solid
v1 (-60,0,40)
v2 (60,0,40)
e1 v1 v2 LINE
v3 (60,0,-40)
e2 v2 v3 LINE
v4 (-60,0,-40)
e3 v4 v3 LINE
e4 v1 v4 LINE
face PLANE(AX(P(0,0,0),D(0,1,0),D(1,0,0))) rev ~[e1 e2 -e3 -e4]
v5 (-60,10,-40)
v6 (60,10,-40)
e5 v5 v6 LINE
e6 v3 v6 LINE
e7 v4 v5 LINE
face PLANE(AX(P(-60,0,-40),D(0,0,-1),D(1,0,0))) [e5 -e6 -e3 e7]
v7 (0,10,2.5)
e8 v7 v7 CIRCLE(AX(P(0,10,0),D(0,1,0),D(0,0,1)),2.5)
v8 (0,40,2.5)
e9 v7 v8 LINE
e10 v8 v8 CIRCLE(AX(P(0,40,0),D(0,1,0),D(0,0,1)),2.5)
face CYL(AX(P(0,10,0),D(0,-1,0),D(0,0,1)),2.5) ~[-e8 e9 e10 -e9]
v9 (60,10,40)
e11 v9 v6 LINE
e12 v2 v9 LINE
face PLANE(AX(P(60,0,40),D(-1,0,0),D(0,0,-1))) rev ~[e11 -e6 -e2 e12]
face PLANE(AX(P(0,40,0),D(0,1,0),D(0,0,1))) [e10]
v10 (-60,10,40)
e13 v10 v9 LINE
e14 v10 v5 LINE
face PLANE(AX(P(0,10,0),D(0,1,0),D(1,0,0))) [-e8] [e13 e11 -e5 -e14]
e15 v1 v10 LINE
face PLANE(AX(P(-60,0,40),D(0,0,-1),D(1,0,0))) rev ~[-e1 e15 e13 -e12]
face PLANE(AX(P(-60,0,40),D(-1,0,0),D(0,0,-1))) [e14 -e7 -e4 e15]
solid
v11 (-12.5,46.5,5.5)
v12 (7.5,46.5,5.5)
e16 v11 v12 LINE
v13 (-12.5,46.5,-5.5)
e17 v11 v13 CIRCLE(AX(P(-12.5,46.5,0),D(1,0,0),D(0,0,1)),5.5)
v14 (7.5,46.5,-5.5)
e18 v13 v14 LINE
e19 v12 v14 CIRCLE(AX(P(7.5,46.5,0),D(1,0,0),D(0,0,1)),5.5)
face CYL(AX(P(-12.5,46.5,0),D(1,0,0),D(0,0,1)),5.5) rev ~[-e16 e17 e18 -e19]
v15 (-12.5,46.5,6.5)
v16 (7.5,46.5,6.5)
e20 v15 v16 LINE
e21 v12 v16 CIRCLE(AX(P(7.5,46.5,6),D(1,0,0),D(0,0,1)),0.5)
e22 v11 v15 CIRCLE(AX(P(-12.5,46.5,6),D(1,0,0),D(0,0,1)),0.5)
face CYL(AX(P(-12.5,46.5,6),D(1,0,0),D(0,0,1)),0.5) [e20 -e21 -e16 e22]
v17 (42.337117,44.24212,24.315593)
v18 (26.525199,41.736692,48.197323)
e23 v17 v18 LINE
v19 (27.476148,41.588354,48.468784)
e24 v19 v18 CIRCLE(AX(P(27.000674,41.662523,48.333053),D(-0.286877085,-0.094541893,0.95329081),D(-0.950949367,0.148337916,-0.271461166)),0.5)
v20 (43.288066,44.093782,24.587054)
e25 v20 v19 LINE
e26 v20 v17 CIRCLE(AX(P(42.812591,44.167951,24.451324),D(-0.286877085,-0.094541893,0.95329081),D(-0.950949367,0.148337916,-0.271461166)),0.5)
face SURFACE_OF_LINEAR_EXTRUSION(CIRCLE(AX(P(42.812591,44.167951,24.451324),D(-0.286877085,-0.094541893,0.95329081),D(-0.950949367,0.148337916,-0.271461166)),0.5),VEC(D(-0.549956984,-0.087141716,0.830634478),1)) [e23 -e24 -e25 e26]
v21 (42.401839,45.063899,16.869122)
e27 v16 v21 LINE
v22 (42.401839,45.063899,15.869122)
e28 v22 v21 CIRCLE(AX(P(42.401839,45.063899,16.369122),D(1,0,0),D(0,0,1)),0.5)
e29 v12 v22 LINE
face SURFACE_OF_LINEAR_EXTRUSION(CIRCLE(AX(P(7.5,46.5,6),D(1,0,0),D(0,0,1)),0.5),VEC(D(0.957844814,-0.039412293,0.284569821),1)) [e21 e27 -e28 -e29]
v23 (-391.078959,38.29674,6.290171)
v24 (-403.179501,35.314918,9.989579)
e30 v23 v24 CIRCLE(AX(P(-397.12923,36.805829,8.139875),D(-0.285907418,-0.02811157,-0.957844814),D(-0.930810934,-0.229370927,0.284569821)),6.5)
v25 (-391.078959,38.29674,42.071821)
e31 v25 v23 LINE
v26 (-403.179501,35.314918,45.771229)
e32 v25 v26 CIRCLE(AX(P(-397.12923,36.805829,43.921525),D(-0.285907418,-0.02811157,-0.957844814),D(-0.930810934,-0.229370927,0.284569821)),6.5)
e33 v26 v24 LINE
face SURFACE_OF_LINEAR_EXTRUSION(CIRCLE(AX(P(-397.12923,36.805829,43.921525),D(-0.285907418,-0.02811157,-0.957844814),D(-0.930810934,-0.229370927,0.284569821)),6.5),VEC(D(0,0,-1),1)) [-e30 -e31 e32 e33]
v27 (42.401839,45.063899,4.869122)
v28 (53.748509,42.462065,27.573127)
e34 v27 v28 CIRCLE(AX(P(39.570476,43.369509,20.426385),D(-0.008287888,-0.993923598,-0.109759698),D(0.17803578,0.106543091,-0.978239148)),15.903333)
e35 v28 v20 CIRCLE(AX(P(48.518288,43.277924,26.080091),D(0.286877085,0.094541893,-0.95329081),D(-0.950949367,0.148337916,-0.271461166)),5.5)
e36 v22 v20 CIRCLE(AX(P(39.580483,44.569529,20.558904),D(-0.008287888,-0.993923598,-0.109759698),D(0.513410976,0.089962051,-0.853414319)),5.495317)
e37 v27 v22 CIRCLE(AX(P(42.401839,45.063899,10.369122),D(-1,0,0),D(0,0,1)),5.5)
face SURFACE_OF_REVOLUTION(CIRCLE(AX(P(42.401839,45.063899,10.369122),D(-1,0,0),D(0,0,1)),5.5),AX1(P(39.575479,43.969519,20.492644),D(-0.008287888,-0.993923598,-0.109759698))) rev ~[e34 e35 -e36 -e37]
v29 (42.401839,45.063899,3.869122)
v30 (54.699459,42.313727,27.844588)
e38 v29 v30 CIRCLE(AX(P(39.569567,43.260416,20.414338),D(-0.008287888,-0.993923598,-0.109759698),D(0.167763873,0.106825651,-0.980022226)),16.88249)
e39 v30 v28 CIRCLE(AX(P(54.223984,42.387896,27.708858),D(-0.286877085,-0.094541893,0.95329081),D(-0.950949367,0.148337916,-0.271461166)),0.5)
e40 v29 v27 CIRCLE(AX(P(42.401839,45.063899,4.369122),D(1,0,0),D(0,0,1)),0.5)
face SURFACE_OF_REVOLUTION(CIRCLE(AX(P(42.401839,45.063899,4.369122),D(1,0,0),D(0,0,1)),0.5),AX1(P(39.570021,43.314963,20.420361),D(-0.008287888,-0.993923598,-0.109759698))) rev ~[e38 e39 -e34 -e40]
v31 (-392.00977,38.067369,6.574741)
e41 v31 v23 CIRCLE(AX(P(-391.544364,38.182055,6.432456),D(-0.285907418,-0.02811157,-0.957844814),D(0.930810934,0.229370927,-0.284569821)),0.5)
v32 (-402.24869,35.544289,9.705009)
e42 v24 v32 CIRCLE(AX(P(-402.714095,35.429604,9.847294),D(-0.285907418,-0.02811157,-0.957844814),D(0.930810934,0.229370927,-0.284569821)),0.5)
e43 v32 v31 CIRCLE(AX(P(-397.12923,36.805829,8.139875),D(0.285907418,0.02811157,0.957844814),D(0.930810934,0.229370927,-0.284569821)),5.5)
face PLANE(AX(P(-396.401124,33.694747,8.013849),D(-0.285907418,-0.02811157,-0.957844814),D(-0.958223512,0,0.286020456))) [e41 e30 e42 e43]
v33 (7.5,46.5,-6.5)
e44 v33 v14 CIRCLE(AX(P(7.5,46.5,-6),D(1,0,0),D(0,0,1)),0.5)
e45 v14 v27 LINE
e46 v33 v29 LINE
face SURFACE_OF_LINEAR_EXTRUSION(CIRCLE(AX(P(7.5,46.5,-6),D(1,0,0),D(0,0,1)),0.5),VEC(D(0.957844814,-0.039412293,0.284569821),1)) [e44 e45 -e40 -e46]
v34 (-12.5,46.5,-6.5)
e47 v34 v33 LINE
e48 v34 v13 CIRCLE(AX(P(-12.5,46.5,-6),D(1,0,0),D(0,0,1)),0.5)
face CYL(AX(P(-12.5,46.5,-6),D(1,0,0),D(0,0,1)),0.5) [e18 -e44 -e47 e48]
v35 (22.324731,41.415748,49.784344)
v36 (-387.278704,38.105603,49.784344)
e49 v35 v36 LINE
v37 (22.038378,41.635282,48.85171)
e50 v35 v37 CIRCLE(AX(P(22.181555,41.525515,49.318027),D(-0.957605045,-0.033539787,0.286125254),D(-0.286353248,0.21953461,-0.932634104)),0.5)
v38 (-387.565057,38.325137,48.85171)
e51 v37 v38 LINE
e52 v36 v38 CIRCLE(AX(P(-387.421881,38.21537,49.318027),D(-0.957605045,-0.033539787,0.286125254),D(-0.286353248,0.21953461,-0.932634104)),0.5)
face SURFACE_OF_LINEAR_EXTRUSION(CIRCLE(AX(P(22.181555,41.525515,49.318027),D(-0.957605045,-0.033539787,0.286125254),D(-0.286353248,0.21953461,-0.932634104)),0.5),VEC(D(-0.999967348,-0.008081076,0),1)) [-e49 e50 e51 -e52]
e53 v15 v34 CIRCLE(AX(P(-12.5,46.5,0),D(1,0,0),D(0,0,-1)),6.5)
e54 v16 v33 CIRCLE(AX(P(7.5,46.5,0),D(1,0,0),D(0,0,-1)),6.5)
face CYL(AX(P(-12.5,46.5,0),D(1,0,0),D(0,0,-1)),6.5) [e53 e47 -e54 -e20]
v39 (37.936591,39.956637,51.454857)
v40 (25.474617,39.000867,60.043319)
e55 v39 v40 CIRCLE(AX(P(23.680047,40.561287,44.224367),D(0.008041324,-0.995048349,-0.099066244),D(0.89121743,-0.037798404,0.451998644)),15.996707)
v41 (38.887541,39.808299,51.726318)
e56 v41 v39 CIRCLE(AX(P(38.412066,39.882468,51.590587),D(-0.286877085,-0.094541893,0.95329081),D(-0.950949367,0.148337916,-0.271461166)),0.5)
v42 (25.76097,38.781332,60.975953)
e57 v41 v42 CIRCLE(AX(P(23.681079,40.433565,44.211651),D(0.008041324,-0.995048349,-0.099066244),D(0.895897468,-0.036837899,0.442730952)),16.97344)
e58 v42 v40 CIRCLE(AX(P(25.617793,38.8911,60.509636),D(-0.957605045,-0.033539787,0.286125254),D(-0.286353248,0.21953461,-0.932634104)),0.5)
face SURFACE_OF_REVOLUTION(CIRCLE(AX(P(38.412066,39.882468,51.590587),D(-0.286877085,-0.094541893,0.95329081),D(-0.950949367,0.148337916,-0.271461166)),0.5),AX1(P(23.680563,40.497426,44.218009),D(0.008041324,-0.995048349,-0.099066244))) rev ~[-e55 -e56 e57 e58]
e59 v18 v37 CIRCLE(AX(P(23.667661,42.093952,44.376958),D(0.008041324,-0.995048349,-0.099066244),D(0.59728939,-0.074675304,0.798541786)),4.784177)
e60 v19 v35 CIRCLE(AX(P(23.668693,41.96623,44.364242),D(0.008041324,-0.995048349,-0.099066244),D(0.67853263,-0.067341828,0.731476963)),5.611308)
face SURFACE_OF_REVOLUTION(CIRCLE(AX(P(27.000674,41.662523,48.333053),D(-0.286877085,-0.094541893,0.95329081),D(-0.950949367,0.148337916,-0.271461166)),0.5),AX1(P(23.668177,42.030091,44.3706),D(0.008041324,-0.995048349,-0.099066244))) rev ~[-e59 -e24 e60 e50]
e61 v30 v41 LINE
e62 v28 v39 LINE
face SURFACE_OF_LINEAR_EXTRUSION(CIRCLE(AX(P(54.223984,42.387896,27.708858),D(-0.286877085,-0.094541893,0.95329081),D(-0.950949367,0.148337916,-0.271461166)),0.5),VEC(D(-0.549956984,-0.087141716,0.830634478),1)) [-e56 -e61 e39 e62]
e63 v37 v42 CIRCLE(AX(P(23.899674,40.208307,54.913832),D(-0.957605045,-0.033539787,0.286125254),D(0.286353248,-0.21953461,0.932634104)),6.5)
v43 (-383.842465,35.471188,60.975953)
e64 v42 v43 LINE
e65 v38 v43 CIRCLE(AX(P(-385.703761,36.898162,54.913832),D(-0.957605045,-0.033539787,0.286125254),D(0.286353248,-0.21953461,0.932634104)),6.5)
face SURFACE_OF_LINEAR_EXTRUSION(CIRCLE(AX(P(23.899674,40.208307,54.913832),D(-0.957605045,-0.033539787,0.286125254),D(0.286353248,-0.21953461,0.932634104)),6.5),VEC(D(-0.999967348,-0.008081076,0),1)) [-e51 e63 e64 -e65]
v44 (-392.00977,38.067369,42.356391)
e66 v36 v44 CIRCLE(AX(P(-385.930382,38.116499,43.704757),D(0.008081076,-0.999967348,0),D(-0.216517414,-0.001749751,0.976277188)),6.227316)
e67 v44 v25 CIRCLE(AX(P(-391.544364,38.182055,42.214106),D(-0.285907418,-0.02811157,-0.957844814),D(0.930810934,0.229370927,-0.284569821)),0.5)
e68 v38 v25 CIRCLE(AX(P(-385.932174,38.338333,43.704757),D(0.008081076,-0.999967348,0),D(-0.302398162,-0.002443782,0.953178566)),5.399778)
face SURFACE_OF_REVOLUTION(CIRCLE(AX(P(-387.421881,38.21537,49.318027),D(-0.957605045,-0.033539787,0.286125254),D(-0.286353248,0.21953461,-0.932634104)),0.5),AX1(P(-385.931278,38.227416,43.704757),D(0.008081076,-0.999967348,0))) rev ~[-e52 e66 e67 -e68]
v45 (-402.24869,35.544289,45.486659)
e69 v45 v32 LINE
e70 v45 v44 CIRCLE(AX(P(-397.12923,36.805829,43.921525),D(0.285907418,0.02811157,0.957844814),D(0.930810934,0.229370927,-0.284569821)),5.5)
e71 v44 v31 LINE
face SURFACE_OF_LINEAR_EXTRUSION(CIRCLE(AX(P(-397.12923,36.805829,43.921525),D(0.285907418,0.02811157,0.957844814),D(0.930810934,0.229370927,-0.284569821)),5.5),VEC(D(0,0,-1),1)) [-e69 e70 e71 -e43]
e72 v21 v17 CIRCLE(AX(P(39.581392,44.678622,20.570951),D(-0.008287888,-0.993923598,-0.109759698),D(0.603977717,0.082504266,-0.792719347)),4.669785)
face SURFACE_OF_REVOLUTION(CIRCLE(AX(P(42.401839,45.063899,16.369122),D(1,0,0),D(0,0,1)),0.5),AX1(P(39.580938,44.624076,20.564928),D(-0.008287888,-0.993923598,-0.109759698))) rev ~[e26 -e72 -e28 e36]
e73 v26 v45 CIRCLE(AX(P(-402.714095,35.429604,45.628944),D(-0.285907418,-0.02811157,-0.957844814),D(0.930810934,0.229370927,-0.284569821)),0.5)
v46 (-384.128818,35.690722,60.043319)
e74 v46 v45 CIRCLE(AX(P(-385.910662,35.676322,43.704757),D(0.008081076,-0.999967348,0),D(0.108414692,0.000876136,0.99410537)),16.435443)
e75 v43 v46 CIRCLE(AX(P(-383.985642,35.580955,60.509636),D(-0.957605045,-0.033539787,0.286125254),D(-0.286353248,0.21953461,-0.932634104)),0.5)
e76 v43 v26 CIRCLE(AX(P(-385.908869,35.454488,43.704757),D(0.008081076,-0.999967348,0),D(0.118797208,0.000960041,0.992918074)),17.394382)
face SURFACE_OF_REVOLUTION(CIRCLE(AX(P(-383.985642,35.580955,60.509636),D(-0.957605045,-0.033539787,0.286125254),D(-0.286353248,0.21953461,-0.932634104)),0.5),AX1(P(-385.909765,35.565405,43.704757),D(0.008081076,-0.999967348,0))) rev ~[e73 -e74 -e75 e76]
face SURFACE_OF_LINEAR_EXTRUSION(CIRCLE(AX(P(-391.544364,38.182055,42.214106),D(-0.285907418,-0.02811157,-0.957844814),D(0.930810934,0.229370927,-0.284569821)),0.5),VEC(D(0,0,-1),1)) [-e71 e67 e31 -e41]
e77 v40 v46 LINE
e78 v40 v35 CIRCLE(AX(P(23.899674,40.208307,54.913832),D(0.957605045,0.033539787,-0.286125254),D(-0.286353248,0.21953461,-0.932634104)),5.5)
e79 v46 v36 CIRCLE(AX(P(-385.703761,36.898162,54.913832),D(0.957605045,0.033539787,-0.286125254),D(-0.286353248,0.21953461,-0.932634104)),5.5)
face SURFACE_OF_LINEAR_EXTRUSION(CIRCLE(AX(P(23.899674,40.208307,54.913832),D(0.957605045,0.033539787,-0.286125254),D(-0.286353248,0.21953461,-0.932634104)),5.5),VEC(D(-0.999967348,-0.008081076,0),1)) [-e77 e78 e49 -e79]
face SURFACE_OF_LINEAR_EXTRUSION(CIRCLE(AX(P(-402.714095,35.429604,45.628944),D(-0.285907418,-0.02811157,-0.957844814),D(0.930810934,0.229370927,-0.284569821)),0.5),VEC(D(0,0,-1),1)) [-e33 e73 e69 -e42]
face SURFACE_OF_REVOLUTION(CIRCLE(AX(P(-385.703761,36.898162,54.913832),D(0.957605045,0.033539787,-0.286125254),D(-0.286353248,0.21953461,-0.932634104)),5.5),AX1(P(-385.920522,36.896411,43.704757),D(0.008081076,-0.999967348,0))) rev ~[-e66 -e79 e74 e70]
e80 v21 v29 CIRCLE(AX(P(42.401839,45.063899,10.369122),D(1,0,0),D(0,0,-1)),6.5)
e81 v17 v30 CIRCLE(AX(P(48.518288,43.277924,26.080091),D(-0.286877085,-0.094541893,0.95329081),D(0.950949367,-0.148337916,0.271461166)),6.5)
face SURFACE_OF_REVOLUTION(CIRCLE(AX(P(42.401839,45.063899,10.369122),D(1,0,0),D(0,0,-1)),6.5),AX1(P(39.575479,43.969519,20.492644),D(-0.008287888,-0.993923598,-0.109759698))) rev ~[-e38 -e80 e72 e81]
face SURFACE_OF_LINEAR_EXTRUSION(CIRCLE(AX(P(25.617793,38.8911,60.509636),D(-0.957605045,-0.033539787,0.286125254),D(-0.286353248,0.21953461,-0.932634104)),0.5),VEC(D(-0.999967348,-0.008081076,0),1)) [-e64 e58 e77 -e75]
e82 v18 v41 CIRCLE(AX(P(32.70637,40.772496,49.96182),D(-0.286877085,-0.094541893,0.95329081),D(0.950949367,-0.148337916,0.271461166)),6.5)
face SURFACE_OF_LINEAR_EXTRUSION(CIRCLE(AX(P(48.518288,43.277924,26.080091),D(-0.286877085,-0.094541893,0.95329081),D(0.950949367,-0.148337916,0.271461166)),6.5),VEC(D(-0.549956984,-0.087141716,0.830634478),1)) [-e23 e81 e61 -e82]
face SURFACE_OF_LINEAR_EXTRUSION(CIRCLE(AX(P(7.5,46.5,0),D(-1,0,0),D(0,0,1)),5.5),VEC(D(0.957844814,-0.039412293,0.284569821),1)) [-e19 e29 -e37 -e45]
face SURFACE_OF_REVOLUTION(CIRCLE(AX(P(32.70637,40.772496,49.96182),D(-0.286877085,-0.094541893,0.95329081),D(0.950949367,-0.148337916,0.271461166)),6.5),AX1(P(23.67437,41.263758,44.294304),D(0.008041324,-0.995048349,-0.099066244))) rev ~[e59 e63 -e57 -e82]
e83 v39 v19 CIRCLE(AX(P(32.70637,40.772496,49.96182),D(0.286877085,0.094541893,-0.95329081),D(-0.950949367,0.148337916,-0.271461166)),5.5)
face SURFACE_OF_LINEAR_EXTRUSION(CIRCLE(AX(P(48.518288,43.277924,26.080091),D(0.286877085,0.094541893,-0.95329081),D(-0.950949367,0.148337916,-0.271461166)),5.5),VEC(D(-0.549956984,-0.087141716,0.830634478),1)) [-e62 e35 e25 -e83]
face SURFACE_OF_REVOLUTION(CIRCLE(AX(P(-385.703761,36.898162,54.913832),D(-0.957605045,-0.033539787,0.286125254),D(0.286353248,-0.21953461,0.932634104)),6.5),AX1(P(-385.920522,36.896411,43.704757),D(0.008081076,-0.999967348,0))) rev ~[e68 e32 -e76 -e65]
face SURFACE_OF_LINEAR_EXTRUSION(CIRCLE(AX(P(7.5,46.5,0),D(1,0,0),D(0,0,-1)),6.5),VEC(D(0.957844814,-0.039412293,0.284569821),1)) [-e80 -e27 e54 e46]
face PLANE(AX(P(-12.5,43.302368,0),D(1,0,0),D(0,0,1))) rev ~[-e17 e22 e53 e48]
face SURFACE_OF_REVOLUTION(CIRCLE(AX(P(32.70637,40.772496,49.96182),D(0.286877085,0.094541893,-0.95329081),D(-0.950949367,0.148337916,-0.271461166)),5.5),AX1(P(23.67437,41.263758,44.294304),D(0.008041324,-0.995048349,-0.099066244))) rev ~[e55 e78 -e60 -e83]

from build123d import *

# Parameters (mm, degrees)
SKETCH_1_W      = 120
SKETCH_1_H      = 80
EXTRUDE_1_DEPTH = 10
SKETCH_2_R      = 2.5
EXTRUDE_2_DEPTH = 30


with BuildPart() as part:
    # 草圖1 → 填料-伸長1 (new body)
    with BuildSketch(Plane(origin=(0, 0, 0), x_dir=(1, 0, 0), z_dir=(0, 1, 0))):
        Rectangle(SKETCH_1_W, SKETCH_1_H)
    extrude(amount=EXTRUDE_1_DEPTH)

    # 草圖2 → 填料-伸長2 (add)
    with BuildSketch(Plane(origin=(0, 10, 0), x_dir=(1, 0, 0), z_dir=(0, 1, 0))):
        with Locations(Location((0, 0, 0), (0, 0, 270))):
            Circle(SKETCH_2_R)
    extrude(amount=EXTRUDE_2_DEPTH)


with BuildPart() as body_2:
    # 掃出1: sweep along a path in 草圖3
    with BuildLine(Plane.XY) as sweep_1_path:
        Line((-12.5, 41), (7.5, 41))
    # 草圖4 → 掃出1 (sweep)
    with BuildSketch(Plane(origin=(-12.5, 0, 0), x_dir=(0, 0, -1), z_dir=(1, 0, 0))):
        with BuildLine():
            ThreePointArc((-5.5, 46.5), (0, 41), (5.5, 46.5))
            ThreePointArc((5.5, 46.5), (6, 47), (6.5, 46.5))
            ThreePointArc((6.5, 46.5), (0, 40), (-6.5, 46.5))
            ThreePointArc((-6.5, 46.5), (-6, 47), (-5.5, 46.5))
        make_face()
    sweep(path=sweep_1_path.line)

    # 掃出2: sweep along a curve in space
    with BuildLine() as sweep_2_path:
        Line((7.5, 41, 0), (42.401838518, 39.563899431, 10.369122232))
        ThreePointArc((42.401838518, 39.563899431, 10.369122232), (48.928397468, 38.833657208, 16.488978634), (47.881691677, 37.863683506, 25.351564364))
        Line((47.881691677, 37.863683506, 25.351564364), (32.069773811, 35.358255461, 49.233294254))
        ThreePointArc((32.069773811, 35.358255461, 49.233294254), (28.465150667, 35.002314618, 52.515869541), (23.726236743, 34.845653085, 53.704757421))
        Line((23.726236743, 34.845653085, 53.704757421), (-385.877198334, 31.535508386, 53.704757421))
        ThreePointArc((-385.877198334, 31.535508386, 53.704757421), (-392.948035259, 31.478366548, 50.775825233), (-395.87687181, 31.454697623, 43.704757421))
        Line((-395.87687181, 31.454697623, 43.704757421), (-395.87687181, 31.454697623, 7.923107717))
    # 草圖5 → 掃出2 (sweep)
    with BuildSketch(Plane(origin=(7.5, 0, 0), x_dir=(0, 0, -1), z_dir=(1, 0, 0))):
        with BuildLine():
            ThreePointArc((-5.5, 46.5), (0, 41), (5.5, 46.5))
            ThreePointArc((5.5, 46.5), (6, 47), (6.5, 46.5))
            ThreePointArc((6.5, 46.5), (0, 40), (-6.5, 46.5))
            ThreePointArc((-6.5, 46.5), (-6, 47), (-5.5, 46.5))
        make_face()
    sweep(path=sweep_2_path.line)


solid = Compound([part.part, body_2.part])
